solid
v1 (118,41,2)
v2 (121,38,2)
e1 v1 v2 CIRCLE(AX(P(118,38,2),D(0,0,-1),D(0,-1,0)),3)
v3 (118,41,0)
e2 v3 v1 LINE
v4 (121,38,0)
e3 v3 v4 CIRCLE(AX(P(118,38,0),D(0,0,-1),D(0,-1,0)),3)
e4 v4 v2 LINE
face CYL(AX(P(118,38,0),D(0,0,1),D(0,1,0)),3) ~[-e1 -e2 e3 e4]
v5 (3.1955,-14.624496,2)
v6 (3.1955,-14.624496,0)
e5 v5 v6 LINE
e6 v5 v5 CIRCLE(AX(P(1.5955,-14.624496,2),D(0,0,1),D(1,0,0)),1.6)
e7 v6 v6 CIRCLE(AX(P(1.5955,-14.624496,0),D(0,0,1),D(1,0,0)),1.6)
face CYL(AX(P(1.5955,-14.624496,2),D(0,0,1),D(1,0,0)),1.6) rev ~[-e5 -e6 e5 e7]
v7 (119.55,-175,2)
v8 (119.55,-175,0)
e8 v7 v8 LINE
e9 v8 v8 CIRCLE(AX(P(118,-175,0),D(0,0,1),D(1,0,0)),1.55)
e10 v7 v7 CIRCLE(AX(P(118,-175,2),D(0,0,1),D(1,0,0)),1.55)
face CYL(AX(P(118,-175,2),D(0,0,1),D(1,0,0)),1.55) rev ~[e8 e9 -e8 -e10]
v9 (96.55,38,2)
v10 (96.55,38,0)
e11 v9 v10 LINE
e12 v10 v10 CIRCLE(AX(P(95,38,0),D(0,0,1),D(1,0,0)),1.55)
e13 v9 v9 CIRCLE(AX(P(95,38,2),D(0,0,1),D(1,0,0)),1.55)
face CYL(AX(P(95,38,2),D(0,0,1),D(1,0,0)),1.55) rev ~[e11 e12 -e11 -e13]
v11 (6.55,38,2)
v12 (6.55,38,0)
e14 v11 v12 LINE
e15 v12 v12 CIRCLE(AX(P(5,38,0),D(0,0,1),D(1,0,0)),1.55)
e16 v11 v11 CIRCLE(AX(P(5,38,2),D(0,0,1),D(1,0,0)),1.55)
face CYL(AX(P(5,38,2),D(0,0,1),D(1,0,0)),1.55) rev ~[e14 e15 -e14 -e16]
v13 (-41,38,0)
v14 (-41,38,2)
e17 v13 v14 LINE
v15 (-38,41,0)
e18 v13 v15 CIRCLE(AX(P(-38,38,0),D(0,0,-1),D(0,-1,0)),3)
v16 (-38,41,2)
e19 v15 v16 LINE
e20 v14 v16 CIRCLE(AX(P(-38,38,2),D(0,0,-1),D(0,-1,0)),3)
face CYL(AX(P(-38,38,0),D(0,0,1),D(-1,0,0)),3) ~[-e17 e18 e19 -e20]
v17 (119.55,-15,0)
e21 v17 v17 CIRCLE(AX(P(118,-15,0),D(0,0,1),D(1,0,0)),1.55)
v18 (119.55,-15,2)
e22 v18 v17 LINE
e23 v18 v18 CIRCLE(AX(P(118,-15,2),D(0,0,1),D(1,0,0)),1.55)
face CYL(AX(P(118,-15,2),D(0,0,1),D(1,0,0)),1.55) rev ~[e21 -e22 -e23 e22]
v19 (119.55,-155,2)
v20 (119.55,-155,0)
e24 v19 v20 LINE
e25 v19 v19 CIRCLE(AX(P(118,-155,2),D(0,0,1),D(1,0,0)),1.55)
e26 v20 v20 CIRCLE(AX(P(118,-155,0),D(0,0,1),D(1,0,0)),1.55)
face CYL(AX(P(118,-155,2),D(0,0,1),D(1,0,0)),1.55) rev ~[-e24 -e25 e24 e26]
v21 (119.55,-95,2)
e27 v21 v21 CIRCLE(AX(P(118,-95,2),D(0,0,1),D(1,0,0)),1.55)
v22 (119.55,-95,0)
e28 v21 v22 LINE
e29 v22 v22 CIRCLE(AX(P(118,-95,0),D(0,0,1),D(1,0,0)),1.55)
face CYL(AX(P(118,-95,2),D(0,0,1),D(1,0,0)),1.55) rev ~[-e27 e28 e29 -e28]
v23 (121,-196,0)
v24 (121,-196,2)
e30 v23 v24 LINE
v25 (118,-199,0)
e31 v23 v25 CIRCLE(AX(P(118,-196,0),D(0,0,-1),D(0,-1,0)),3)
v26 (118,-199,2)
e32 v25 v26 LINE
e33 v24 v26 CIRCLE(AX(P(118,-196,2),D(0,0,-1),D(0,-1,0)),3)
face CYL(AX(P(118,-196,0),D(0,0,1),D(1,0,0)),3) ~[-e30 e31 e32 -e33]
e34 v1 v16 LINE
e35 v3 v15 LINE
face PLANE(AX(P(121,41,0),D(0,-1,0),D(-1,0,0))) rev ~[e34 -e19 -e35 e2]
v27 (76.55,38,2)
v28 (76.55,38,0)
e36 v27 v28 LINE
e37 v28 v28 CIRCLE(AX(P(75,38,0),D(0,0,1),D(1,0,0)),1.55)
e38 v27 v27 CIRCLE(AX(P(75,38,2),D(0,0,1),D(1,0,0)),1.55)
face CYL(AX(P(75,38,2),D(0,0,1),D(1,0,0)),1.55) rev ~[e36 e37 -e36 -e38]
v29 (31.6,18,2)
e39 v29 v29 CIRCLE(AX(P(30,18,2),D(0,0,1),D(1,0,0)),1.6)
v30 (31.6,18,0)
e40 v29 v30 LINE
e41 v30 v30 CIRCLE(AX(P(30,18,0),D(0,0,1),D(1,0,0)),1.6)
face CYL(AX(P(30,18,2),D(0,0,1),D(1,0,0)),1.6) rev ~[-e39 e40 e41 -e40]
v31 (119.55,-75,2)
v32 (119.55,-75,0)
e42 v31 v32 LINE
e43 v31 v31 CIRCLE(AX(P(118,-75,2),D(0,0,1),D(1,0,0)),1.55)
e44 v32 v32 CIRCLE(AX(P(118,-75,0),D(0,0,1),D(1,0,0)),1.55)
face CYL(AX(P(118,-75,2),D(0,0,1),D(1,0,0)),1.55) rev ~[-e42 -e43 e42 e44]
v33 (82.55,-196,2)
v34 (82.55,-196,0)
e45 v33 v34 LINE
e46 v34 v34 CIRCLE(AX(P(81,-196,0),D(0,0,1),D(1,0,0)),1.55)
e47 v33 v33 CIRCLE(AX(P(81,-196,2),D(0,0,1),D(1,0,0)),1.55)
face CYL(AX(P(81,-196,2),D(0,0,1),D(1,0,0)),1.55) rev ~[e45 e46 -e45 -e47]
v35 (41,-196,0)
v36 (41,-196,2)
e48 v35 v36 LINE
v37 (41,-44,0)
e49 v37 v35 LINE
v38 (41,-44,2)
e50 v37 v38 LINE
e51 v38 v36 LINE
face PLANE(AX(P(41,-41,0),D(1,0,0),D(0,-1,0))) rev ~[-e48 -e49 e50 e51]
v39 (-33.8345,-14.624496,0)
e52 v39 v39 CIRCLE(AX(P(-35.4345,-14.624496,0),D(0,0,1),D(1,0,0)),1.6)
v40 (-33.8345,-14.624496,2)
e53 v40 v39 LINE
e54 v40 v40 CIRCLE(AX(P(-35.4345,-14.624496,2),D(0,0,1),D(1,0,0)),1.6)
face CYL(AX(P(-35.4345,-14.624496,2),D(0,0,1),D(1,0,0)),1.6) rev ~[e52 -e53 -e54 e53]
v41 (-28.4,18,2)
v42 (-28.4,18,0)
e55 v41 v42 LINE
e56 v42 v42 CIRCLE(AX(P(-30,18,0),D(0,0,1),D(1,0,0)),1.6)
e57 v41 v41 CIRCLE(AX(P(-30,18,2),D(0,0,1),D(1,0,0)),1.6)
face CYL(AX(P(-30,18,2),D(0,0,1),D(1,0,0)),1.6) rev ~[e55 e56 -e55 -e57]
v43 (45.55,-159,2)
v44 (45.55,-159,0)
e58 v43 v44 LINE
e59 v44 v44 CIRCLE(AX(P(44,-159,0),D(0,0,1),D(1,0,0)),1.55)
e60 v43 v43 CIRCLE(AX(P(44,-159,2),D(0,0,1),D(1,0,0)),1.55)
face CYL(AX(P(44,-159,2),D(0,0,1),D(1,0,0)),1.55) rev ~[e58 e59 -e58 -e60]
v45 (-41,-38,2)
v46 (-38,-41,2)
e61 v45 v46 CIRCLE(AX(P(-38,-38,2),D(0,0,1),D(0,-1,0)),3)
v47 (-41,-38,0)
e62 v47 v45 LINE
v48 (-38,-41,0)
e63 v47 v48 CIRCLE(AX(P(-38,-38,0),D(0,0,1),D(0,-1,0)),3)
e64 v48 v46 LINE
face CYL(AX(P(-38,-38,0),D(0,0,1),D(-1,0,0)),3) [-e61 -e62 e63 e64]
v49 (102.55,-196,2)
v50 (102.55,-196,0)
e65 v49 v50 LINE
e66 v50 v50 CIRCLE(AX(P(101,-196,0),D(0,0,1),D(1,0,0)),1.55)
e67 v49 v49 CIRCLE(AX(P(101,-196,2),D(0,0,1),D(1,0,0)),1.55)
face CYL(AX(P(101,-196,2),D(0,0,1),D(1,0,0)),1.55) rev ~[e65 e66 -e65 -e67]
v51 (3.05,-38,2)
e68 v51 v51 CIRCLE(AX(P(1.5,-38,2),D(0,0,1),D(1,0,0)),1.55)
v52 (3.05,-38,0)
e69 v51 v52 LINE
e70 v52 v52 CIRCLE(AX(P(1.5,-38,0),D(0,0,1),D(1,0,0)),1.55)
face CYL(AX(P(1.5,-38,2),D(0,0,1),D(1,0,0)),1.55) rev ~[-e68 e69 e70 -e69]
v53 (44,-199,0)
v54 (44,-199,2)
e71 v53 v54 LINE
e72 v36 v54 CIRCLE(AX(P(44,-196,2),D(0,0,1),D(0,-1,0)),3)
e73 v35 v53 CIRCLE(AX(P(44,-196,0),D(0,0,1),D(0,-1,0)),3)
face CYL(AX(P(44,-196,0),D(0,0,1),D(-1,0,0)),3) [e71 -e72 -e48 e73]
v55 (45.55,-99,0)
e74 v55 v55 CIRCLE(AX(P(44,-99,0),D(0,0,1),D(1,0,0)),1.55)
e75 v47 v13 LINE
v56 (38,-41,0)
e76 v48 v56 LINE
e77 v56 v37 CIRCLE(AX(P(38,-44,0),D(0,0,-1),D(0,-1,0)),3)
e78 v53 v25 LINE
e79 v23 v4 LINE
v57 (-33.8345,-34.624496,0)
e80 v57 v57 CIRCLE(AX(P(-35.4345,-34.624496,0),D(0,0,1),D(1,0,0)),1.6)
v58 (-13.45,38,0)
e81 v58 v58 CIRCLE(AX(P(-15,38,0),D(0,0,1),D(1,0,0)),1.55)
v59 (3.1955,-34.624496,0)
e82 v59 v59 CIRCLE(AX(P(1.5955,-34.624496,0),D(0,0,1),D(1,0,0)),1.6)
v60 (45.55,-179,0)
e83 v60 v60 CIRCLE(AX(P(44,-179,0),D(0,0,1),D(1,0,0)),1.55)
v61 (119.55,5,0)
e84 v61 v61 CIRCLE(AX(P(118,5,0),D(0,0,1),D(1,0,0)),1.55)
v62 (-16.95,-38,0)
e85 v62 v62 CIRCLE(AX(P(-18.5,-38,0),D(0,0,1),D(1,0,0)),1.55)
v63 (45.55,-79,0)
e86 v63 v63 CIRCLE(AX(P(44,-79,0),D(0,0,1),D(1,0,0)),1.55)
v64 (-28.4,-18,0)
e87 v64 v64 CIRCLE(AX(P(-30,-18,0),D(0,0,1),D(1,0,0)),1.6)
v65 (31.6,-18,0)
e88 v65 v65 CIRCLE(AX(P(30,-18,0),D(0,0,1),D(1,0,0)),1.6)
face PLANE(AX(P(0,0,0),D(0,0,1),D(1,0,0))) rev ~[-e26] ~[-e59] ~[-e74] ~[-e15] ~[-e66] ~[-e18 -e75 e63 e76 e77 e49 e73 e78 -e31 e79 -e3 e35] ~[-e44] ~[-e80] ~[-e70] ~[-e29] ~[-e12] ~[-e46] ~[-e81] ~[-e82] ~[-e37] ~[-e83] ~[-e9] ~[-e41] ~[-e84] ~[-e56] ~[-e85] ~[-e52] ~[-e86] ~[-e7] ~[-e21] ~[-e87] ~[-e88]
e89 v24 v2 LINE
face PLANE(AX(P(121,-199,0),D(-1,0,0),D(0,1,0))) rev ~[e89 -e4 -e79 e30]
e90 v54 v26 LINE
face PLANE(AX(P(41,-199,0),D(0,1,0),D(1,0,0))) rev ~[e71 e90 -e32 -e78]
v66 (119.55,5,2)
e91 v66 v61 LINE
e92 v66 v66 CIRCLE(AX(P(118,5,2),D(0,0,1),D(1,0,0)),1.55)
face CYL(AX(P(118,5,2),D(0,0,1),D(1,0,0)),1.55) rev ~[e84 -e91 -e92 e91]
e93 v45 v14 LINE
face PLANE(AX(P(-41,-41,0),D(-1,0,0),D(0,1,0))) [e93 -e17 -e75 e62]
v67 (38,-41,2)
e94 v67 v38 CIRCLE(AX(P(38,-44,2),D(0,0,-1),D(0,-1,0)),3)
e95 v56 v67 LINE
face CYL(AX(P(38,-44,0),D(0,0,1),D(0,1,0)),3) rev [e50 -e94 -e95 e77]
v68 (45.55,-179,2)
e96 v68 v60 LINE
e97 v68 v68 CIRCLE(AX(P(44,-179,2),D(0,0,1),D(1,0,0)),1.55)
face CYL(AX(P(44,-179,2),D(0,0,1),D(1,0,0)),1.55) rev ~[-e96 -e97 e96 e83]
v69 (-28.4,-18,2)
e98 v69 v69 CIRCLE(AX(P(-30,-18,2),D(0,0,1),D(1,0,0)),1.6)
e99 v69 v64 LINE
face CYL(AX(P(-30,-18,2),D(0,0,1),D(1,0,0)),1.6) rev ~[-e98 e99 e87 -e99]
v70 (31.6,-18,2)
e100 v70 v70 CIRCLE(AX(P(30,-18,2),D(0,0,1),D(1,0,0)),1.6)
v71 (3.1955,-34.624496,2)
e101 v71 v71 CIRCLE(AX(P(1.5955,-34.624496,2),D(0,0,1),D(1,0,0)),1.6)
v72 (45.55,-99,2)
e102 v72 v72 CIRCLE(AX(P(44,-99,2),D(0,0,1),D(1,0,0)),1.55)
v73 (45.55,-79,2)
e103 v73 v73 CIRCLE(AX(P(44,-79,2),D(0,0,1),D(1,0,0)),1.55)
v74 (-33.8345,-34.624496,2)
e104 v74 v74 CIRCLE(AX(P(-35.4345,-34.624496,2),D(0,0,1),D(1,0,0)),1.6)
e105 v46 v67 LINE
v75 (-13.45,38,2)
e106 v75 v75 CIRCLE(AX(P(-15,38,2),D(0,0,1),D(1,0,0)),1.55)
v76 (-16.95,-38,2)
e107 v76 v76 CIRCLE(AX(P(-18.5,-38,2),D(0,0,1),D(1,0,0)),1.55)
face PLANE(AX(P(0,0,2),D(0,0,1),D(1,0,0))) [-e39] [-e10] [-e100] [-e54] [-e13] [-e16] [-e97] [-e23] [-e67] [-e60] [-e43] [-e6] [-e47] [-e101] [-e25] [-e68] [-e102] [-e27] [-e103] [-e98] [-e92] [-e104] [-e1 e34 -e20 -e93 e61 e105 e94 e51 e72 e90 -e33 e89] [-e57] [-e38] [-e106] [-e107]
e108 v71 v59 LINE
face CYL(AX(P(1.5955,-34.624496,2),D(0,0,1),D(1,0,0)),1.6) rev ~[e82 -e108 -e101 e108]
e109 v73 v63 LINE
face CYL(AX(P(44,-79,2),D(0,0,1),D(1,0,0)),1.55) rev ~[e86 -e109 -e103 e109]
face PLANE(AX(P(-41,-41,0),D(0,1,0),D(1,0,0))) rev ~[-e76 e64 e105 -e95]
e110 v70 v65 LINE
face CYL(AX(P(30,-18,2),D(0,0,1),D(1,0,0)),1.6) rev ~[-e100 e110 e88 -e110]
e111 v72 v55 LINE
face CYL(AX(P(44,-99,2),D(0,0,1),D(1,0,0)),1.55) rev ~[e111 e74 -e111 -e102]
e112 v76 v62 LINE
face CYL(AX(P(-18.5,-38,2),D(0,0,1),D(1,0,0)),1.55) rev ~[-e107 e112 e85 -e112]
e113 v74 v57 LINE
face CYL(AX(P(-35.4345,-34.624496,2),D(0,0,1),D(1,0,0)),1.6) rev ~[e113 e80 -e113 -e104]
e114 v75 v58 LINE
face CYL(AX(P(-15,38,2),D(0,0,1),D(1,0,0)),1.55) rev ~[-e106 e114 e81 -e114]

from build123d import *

# Parameters (mm, degrees)
SKETCH_1_W          = 82
SKETCH_1_H          = 82
EXTRUDE_1_DEPTH     = 2
SKETCH_2_R          = 1.55
SKETCH_2_R_2        = 1.6
CUT_EXTRUDE_1_DEPTH = 233.907707043
FILLET_1_R          = 3
SKETCH_4_R          = 1.6
CUT_EXTRUDE_2_DEPTH = 233.907707043


with BuildPart() as part:
    # 草图1 → 凸台-拉伸1 (new body)
    with BuildSketch(Plane.XY):
        Rectangle(SKETCH_1_W, SKETCH_1_H)
        Polygon((121, 41), (41, 41), (41, -41), (41, -199), (121, -199), align=None)
    extrude(amount=EXTRUDE_1_DEPTH)

    # 草图2 → 切除-拉伸1 (cut, through all)
    with BuildSketch(Plane.XY.offset(2)):
        with Locations((-15, 38)):
            Circle(SKETCH_2_R)
        with Locations((5, 38)):
            Circle(SKETCH_2_R)
        with Locations((-18.5, -38)):
            Circle(SKETCH_2_R)
        with Locations((1.5, -38)):
            Circle(SKETCH_2_R)
        with Locations((-30, 18)):
            Circle(SKETCH_2_R_2)
        with Locations((30, 18)):
            Circle(SKETCH_2_R_2)
        with Locations((30, -18)):
            Circle(SKETCH_2_R_2)
        with Locations((-30, -18)):
            Circle(SKETCH_2_R_2)
        with Locations((44, -179)):
            Circle(SKETCH_2_R)
        with Locations((44, -159)):
            Circle(SKETCH_2_R)
        with Locations((101, -196)):
            Circle(SKETCH_2_R)
        with Locations((81, -196)):
            Circle(SKETCH_2_R)
        with Locations((44, -99)):
            Circle(SKETCH_2_R)
        with Locations((44, -79)):
            Circle(SKETCH_2_R)
        with Locations((118, 5)):
            Circle(SKETCH_2_R)
        with Locations((118, -15)):
            Circle(SKETCH_2_R)
        with Locations((118, -75)):
            Circle(SKETCH_2_R)
        with Locations((118, -95)):
            Circle(SKETCH_2_R)
        with Locations((118, -175)):
            Circle(SKETCH_2_R)
        with Locations((118, -155)):
            Circle(SKETCH_2_R)
        with Locations((95, 38)):
            Circle(SKETCH_2_R)
        with Locations((75, 38)):
            Circle(SKETCH_2_R)
    extrude(amount=-CUT_EXTRUDE_1_DEPTH, mode=Mode.SUBTRACT)

    # 圆角1
    fillet_1_edges = [part.edges().sort_by_distance(p)[0] for p in [
        (-41, -41, 1),
        (-41, 41, 1),
        (121, 41, 1),
        (121, -199, 1),
        (41, -199, 1),
        (41, -41, 1),
    ]]
    fillet(fillet_1_edges, radius=FILLET_1_R)

    # 草图4 → 切除-拉伸2 (cut, through all)
    with BuildSketch(Plane.XY.offset(2)):
        with Locations((-35.434500029, -34.624495654)):
            Circle(SKETCH_4_R)
        with Locations((1.595499971, -34.624495654)):
            Circle(SKETCH_4_R)
        with Locations((1.595499971, -14.624495654)):
            Circle(SKETCH_4_R)
        with Locations((-35.434500029, -14.624495654)):
            Circle(SKETCH_4_R)
    extrude(amount=-CUT_EXTRUDE_2_DEPTH, mode=Mode.SUBTRACT)


solid = part.part
